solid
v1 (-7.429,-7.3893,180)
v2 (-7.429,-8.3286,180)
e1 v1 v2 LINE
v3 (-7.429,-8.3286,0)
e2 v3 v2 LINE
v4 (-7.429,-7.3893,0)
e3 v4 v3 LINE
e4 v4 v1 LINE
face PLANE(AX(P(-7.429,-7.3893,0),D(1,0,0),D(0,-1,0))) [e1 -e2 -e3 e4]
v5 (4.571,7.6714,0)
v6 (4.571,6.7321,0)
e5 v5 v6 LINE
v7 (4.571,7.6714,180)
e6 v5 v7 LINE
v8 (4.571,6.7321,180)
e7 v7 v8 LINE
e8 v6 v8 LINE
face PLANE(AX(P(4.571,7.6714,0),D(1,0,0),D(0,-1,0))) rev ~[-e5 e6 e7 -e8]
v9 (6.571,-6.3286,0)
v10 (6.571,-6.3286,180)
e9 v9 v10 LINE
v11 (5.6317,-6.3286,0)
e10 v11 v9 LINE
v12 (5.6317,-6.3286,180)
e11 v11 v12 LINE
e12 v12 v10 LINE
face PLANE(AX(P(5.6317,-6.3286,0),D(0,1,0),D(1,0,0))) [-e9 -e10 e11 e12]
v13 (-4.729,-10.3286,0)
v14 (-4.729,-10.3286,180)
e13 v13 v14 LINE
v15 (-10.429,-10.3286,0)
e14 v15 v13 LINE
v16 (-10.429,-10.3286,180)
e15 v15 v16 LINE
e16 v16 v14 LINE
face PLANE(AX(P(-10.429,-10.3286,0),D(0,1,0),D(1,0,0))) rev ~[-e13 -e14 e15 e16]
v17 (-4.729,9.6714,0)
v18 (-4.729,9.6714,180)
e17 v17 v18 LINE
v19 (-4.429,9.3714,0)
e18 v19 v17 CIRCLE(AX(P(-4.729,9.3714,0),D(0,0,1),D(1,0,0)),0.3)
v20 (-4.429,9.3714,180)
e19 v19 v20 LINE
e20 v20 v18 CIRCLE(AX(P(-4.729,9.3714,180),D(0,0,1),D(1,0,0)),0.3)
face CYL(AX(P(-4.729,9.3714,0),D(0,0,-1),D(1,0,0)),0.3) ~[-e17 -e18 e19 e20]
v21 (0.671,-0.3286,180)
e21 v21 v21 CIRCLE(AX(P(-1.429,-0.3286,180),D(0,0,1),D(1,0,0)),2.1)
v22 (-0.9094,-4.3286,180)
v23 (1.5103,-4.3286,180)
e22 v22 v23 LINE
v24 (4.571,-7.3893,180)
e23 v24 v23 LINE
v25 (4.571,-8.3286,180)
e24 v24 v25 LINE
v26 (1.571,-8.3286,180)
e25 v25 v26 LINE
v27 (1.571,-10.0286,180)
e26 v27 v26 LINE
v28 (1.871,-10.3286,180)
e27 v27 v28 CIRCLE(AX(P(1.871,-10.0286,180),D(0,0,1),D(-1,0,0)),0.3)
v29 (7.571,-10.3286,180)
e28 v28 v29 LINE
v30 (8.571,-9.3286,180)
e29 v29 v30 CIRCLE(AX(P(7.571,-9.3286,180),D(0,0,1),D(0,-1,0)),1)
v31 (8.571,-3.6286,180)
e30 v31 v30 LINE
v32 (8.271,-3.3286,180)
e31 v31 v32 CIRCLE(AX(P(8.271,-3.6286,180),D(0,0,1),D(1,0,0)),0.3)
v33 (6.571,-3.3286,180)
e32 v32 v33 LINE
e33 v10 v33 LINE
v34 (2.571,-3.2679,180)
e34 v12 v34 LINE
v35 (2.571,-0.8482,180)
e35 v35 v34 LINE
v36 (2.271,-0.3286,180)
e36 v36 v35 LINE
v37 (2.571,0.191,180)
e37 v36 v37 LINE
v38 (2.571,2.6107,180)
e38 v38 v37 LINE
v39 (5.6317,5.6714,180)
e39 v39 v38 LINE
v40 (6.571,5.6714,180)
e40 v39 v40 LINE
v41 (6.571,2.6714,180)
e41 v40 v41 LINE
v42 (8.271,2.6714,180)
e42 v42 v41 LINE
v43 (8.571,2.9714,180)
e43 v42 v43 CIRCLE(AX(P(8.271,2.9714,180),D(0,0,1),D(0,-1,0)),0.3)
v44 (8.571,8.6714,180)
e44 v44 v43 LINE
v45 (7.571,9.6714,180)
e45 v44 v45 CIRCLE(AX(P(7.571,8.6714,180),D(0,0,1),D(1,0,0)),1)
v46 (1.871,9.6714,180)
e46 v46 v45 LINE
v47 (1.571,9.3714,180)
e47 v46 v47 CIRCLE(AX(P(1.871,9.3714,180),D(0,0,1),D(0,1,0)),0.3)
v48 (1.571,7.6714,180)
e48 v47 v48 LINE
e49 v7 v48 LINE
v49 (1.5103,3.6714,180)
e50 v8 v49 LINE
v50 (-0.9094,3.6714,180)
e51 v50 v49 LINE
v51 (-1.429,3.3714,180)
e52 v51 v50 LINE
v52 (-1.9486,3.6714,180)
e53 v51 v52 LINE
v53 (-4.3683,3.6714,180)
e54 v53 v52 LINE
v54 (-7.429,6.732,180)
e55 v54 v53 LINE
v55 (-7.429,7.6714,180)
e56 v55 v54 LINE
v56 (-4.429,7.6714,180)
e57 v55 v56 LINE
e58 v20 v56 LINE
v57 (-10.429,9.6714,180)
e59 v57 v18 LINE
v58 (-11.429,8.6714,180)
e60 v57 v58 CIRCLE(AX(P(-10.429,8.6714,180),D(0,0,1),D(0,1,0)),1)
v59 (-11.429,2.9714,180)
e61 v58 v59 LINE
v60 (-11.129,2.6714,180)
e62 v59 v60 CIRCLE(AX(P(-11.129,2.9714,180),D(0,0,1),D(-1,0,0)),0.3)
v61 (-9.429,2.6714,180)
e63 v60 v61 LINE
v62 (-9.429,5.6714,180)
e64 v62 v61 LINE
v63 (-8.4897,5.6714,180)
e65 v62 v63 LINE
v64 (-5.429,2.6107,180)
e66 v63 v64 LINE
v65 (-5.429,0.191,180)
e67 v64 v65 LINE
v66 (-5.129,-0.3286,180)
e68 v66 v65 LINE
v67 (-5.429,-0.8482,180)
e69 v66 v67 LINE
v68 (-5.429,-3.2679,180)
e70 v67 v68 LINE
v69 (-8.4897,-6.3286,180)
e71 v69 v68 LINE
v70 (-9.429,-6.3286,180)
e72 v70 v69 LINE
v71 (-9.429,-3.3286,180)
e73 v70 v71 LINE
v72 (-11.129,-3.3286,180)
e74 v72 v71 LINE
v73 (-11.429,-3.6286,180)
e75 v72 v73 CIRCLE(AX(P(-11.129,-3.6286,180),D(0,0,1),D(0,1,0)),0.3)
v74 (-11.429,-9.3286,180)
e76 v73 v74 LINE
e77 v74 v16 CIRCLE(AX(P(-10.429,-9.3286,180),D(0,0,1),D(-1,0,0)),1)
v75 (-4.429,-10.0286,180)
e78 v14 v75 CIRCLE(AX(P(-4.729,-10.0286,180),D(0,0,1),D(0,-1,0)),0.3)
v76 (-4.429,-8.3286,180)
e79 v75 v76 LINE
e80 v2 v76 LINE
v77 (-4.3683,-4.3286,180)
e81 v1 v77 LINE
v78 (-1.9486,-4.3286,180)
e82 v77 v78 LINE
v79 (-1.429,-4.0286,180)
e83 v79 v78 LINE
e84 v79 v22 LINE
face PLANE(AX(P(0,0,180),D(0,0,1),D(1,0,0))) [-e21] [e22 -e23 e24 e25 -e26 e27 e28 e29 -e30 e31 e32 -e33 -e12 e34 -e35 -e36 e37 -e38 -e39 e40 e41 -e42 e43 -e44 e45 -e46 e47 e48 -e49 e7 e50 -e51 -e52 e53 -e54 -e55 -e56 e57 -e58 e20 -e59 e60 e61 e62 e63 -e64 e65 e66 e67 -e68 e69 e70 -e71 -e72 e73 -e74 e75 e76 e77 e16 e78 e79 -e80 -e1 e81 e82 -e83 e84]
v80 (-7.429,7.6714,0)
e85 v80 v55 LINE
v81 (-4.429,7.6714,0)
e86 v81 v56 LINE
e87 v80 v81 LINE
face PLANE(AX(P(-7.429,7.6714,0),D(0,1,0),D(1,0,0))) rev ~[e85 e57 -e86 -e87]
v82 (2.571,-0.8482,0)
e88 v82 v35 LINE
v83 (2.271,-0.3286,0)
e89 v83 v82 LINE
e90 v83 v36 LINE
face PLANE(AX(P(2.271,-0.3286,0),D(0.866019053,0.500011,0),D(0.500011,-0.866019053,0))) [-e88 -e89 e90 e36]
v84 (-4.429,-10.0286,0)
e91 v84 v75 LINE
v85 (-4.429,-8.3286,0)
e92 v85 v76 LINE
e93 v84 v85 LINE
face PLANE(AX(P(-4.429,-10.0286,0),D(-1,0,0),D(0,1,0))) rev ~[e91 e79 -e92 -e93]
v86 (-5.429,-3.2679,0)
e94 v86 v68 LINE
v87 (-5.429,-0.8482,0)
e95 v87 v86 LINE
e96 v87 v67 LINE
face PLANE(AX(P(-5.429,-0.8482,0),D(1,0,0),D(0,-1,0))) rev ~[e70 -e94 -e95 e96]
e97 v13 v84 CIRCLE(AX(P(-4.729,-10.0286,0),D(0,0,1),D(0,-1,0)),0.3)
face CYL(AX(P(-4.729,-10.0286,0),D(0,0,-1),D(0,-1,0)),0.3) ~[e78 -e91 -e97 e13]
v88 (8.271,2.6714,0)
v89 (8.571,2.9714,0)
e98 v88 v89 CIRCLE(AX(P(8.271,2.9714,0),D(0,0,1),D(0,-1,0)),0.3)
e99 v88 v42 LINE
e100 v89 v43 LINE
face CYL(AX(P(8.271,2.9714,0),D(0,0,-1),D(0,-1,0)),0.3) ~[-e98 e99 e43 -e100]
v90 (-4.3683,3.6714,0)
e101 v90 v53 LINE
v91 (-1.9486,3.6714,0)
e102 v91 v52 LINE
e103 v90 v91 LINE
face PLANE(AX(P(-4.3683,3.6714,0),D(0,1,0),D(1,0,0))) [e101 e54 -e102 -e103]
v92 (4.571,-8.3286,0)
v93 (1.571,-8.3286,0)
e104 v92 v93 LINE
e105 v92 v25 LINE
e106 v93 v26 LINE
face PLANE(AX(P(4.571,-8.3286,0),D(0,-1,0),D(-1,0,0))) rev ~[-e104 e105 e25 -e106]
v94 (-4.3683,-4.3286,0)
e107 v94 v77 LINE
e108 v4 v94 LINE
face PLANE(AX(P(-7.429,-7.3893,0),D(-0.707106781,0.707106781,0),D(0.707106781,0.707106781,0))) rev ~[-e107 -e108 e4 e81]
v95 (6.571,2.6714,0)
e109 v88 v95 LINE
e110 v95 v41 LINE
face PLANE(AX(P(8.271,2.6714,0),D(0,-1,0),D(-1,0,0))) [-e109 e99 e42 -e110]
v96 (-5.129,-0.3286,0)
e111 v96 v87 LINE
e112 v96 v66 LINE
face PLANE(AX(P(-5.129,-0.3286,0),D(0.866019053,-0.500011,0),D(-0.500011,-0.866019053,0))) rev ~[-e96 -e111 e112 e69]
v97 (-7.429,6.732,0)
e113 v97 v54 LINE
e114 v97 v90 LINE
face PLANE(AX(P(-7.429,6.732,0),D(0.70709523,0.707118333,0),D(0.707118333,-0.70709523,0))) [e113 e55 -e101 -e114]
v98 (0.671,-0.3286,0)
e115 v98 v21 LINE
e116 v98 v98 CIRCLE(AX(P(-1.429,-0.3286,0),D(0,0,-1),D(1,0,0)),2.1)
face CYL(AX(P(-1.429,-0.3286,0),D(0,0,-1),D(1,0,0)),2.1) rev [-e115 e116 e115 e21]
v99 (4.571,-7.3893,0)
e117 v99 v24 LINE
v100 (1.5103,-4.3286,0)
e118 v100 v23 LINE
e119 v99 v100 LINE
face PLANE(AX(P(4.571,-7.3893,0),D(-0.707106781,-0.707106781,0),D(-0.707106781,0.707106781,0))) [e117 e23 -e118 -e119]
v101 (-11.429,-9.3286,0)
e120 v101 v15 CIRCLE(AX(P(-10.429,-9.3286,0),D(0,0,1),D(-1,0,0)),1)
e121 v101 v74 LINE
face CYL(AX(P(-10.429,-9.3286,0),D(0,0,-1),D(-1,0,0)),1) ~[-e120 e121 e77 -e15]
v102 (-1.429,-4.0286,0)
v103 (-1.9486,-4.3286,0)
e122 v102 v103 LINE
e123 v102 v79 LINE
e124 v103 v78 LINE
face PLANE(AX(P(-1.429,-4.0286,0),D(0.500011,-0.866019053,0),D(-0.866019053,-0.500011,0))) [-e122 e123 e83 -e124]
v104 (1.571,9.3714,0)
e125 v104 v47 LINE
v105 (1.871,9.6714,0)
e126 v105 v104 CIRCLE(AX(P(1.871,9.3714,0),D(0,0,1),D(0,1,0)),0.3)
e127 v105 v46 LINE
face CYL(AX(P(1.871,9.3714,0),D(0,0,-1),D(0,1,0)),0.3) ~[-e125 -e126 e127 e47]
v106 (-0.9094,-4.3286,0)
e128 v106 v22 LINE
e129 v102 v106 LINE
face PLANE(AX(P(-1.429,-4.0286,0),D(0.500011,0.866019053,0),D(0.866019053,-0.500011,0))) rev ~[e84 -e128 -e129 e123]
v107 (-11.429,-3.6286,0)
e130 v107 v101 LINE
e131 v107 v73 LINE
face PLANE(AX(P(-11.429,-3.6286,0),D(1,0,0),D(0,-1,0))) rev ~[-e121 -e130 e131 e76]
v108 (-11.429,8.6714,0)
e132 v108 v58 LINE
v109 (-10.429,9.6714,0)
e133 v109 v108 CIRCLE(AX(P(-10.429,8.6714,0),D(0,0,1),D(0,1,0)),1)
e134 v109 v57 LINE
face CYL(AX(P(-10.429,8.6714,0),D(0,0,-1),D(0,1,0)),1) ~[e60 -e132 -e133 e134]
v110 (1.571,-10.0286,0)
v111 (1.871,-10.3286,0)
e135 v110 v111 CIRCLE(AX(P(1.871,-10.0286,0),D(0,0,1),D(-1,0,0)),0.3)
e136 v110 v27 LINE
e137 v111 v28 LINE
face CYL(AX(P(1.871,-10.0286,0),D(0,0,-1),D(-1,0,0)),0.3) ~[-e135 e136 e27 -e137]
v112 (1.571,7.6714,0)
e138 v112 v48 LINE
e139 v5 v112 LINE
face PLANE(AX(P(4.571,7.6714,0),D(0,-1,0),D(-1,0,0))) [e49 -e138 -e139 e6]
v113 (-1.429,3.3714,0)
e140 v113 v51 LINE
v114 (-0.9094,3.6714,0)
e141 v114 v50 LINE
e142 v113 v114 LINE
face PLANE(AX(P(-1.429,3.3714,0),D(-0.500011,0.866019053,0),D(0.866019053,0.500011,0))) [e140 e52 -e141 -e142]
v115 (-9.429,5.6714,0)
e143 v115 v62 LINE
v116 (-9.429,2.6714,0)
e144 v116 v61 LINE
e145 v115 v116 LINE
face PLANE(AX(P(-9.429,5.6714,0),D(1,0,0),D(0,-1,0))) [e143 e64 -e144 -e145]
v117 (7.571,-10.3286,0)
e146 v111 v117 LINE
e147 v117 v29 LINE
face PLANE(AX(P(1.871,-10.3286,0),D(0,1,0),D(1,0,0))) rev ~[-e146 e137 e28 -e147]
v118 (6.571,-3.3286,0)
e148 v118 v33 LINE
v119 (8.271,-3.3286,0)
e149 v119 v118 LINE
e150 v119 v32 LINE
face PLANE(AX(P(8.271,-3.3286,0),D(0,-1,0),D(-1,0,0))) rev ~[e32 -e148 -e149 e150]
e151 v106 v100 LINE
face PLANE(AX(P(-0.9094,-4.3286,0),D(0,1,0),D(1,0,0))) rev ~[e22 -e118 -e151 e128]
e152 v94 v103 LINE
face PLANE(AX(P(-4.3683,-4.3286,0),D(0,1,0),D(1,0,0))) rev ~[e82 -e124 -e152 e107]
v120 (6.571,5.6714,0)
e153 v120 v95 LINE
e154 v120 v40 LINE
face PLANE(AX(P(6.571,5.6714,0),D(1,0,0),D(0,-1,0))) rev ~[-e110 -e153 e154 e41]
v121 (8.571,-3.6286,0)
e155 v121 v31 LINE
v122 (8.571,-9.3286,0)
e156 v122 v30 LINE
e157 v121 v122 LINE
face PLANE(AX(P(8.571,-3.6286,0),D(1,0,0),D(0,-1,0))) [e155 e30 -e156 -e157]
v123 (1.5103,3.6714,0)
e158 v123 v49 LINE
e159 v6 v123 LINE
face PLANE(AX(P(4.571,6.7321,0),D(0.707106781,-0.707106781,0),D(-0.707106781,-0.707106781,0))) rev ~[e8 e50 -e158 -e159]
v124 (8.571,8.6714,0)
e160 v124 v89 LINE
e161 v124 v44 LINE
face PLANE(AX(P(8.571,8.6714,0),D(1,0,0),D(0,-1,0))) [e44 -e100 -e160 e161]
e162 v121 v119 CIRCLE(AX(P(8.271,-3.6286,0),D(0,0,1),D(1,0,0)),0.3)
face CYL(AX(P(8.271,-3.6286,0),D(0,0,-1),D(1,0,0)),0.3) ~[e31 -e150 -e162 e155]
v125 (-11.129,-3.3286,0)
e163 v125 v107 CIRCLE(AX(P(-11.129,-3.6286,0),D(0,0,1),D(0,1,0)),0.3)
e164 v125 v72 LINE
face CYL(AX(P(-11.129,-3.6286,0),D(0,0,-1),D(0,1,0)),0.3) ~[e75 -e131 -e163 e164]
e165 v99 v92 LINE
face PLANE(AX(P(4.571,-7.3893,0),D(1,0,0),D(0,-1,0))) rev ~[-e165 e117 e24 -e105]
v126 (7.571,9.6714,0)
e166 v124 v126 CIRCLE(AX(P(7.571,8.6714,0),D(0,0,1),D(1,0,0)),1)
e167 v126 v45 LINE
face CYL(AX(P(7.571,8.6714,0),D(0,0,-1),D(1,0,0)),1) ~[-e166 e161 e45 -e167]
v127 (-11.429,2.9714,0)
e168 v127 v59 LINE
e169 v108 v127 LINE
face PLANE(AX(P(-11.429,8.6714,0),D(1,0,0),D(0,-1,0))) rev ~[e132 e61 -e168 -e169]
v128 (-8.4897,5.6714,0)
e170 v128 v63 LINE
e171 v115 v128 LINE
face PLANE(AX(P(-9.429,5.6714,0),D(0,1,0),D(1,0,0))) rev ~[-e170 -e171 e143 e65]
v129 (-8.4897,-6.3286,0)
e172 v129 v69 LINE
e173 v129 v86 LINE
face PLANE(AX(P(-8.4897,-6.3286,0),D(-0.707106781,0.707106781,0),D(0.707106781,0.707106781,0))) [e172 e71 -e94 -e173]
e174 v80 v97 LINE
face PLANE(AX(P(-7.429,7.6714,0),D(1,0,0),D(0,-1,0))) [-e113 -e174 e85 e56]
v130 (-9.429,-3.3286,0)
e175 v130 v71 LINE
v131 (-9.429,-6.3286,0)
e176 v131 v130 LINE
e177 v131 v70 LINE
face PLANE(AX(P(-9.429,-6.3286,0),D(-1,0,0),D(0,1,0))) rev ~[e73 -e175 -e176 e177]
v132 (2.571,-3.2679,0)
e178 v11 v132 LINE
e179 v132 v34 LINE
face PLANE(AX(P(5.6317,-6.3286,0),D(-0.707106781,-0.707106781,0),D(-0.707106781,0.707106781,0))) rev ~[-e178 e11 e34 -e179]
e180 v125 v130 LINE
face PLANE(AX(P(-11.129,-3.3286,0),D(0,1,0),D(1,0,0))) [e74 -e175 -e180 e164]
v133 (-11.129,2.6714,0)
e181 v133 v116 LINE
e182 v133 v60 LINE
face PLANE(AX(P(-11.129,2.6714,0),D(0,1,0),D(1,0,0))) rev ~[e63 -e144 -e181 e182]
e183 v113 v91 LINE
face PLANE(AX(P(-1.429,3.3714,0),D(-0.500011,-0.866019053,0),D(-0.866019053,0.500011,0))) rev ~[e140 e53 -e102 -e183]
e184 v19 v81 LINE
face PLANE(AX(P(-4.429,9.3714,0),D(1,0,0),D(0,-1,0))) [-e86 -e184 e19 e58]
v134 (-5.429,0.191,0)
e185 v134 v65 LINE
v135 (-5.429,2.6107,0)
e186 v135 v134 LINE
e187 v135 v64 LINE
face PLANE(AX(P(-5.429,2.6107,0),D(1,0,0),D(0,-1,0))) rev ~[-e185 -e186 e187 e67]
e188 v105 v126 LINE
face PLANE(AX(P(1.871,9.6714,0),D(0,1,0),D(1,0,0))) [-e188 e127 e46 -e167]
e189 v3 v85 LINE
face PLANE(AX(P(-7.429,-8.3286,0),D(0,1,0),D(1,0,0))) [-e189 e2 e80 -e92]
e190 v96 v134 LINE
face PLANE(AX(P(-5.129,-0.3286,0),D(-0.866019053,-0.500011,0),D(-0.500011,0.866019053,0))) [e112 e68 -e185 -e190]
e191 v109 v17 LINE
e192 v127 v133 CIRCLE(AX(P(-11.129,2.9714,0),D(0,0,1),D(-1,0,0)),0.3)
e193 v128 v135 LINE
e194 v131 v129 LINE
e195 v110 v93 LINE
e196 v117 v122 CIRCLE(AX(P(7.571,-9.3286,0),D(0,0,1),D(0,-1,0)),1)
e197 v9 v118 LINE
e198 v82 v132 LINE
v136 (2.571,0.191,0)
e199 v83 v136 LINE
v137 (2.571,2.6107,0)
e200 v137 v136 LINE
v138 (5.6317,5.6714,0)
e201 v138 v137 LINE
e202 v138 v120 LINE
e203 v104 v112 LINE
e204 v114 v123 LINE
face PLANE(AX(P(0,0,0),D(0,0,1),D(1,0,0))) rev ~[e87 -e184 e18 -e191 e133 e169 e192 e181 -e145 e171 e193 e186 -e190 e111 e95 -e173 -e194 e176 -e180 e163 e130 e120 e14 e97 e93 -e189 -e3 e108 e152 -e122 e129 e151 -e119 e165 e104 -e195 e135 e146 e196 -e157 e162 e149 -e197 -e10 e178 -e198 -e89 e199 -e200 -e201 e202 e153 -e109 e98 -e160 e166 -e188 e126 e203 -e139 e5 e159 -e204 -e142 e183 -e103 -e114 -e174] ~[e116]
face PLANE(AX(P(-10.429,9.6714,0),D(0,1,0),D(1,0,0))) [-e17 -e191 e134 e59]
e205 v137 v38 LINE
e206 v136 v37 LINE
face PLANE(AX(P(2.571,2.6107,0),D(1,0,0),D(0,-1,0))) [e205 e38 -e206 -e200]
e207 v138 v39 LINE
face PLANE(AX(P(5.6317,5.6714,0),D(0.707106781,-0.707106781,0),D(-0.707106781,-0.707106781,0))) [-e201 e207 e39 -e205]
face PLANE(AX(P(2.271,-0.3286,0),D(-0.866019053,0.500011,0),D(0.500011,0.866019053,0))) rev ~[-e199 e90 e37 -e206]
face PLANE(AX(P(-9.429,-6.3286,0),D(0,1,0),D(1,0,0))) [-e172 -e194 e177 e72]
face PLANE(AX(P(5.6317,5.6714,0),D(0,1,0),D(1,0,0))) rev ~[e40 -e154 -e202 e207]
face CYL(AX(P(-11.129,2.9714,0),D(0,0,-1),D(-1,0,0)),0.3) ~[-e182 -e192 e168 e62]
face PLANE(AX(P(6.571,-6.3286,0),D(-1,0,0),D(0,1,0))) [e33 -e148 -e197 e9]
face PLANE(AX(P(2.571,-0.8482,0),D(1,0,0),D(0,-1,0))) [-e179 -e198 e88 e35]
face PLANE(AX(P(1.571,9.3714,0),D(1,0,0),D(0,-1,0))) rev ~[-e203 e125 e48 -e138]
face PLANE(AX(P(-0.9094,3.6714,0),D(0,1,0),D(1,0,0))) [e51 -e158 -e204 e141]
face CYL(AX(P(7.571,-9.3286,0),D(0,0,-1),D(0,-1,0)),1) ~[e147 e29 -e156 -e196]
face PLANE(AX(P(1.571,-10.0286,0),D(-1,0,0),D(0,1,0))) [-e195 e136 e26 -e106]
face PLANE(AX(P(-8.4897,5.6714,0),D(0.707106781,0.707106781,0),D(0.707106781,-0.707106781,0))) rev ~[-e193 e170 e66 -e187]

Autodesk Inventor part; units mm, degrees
ref_plane "YZ Plane" through (0, 0, 0) normal (1, 0, 0) x (0, 1, 0)
ref_plane "XZ Plane" through (0, 0, 0) normal (0, 1, 0) x (-1, 0, 0)
ref_plane "XY Plane" through (0, 0, 0) normal (0, 0, 1) x (1, 0, 0)
sketch "Sketch1" plane through (0, 0, 0) normal (0, 0, 1) x (1, 0, 0)
  line L0 (-13.429, -0.3286) -> (10.571, -0.3286)
  line L1 (-1.429, 11.6714) -> (-1.429, -12.3286)
  line L2 (5.6317, 5.6714) -> (2.571, 2.6107)
  line L3 (6.571, 5.6714) -> (6.571, 2.6714)
  line L4 (4.571, 6.7321) -> (1.5103, 3.6714)
  line L5 (-9.429, 5.6714) -> (-9.429, 2.6714)
  line L6 (-8.4897, 5.6714) -> (-5.429, 2.6107)
  line L7 (-7.429, 6.732) -> (-4.3683, 3.6714)
  line L8 (8.571, 8.6714) -> (8.571, 2.9714)
  line L9 (-11.429, 8.6714) -> (-11.429, 2.9714)
  line L10 (5.6317, -6.3286) -> (2.571, -3.2679)
  line L11 (1.871, -10.3286) -> (7.571, -10.3286)
  line L12 (-8.4897, -6.3286) -> (-5.429, -3.2679)
  line L13 (-7.429, -8.3286) -> (-4.429, -8.3286)
  line L14 (-7.429, -7.3893) -> (-4.3683, -4.3286)
  line L15 (-10.429, -10.3286) -> (-4.729, -10.3286)
  arc A0 (-11.129, -3.3286) -> (-11.429, -3.6286) centre (-11.129, -3.6286) ccw
  line L16 (-9.429, -6.3286) -> (-9.429, -3.3286)
  line L17 (-7.429, -7.3893) -> (-7.429, -8.3286)
  line L18 (-11.429, -3.6286) -> (-11.429, -9.3286)
  arc A1 (-11.429, -9.3286) -> (-10.429, -10.3286) centre (-10.429, -9.3286) ccw
  line L19 (-9.004, -10.3286) -> (-9.004, -10.3285)
  line L20 (-9.429, -6.3286) -> (-8.4897, -6.3286)
  line L21 (-11.129, -3.3286) -> (-9.429, -3.3286)
  line L22 (-11.129, 2.6714) -> (-9.429, 2.6714)
  arc A2 (-11.429, 2.9714) -> (-11.129, 2.6714) centre (-11.129, 2.9714) ccw
  arc A3 (-4.729, -10.3286) -> (-4.429, -10.0286) centre (-4.729, -10.0286) ccw
  line L23 (-4.429, -10.0286) -> (-4.429, -8.3286)
  line L24 (4.571, -7.3893) -> (4.571, -8.3286)
  line L25 (4.571, -8.3286) -> (1.571, -8.3286)
  arc A4 (1.571, -10.0286) -> (1.871, -10.3286) centre (1.871, -10.0286) ccw
  line L26 (1.571, -10.0286) -> (1.571, -8.3286)
  line L27 (4.571, -7.3893) -> (1.5103, -4.3286)
  circle A5 centre (-1.429, -0.3286) radius 2.1
  arc A6 (8.571, -3.6286) -> (8.271, -3.3286) centre (8.271, -3.6286) ccw
  line L28 (6.571, -6.3286) -> (6.571, -3.3286)
  line L29 (8.571, -3.6286) -> (8.571, -9.3286)
  arc A7 (7.571, -10.3286) -> (8.571, -9.3286) centre (7.571, -9.3286) ccw
  line L30 (5.6317, -6.3286) -> (6.571, -6.3286)
  line L31 (8.271, -3.3286) -> (6.571, -3.3286)
  line L32 (8.271, 2.6714) -> (6.571, 2.6714)
  arc A8 (8.271, 2.6714) -> (8.571, 2.9714) centre (8.271, 2.9714) ccw
  line L33 (1.871, 9.6714) -> (7.571, 9.6714)
  line L34 (-10.429, 9.6714) -> (-4.729, 9.6714)
  arc A9 (-4.429, 9.3714) -> (-4.729, 9.6714) centre (-4.729, 9.3714) ccw
  line L35 (-7.429, 7.6714) -> (-4.429, 7.6714)
  arc A10 (-10.429, 9.6714) -> (-11.429, 8.6714) centre (-10.429, 8.6714) ccw
  line L36 (-9.429, 5.6714) -> (-8.4897, 5.6714)
  line L37 (-7.429, 7.6714) -> (-7.429, 6.732)
  line L38 (-4.429, 9.3714) -> (-4.429, 7.6714)
  line L39 (1.571, 9.3714) -> (1.571, 7.6714)
  line L40 (4.571, 7.6714) -> (1.571, 7.6714)
  line L41 (4.571, 7.6714) -> (4.571, 6.7321)
  arc A11 (1.871, 9.6714) -> (1.571, 9.3714) centre (1.871, 9.3714) ccw
  arc A12 (8.571, 8.6714) -> (7.571, 9.6714) centre (7.571, 8.6714) ccw
  line L42 (5.6317, 5.6714) -> (6.571, 5.6714)
  line L43 (-5.429, 2.6107) -> (-5.429, 0.191)
  line L44 (2.571, 2.6107) -> (2.571, 0.191)
  line L45 (-4.3683, 3.6714) -> (-1.9486, 3.6714)
  line L46 (-4.3683, -4.3286) -> (-1.9486, -4.3286)
  line L47 (-1.429, 3.3714) -> (-1.9486, 3.6714)
  line L48 (-1.429, 3.3714) -> (-0.9094, 3.6714)
  line L49 (-0.9094, 3.6714) -> (1.5103, 3.6714)
  line L50 (-5.129, -0.3286) -> (-5.429, -0.8482)
  line L51 (-5.129, -0.3286) -> (-5.429, 0.191)
  line L52 (-1.429, -4.0286) -> (-0.9094, -4.3286)
  line L53 (-1.429, -4.0286) -> (-1.9486, -4.3286)
  line L54 (2.271, -0.3286) -> (2.571, 0.191)
  line L55 (2.271, -0.3286) -> (2.571, -0.8482)
  line L56 (2.571, -0.8482) -> (2.571, -3.2679)
  line L57 (-0.9094, -4.3286) -> (1.5103, -4.3286)
  line L58 (-5.429, -0.8482) -> (-5.429, -3.2679)
  point P0 (2.271, -0.3286)
  point P1 (5.6317, 5.6714)
  point P2 (8.271, 2.6714)
  point P3 (8.571, 2.9714)
  point P4 (1.871, 9.6714)
  point P5 (1.571, 9.3714)
  point P6 (-1.429, 3.3714)
  point P7 (-4.429, 9.3714)
  point P8 (-11.429, 2.9714)
  point P9 (-11.129, 2.6714)
  point P10 (-8.4897, 5.6714)
  point P11 (-5.129, -0.3286)
  point P12 (-8.4897, -6.3286)
  point P13 (-11.129, -3.3286)
  point P14 (-11.429, -3.6286)
  point P15 (-4.729, -10.3286)
  point P16 (-4.429, -10.0286)
  point P17 (-7.429, -7.3893)
  point P18 (-1.429, -4.0286)
  point P19 (4.571, -7.3893)
  point P20 (1.571, -10.0286)
  point P21 (1.871, -10.3286)
  point P22 (8.571, -3.6286)
  point P23 (8.271, -3.3286)
  point P24 (5.6317, -6.3286)
  dimension "d0" = 20
  dimension "d1" = 20
extrude "Extrusion1" add sketch "Sketch1" along normal blind 180 contours A5 L1 L48 L49 L4 L41 L40 L39 A11 L33 A12 L8 A8 L32 L3 L42 L2 L44 L54 L0 | L0 L55 L56 L10 L30 L28 L31 A6 L29 A7 L11 A4 L26 L25 L24 L27 L57 L52 L1 A5 | A5 L0 L51 L43 L6 L36 L5 L22 A2 L9 A10 L34 A9 L38 L35 L37 L7 L45 L47 L1 | L1 L53 L46 L14 L17 L13 L23 A3 L15 A1 L18 A0 L21 L16 L20 L12 L58 L50 L0 A5
properties part number "20x20_180mm"
